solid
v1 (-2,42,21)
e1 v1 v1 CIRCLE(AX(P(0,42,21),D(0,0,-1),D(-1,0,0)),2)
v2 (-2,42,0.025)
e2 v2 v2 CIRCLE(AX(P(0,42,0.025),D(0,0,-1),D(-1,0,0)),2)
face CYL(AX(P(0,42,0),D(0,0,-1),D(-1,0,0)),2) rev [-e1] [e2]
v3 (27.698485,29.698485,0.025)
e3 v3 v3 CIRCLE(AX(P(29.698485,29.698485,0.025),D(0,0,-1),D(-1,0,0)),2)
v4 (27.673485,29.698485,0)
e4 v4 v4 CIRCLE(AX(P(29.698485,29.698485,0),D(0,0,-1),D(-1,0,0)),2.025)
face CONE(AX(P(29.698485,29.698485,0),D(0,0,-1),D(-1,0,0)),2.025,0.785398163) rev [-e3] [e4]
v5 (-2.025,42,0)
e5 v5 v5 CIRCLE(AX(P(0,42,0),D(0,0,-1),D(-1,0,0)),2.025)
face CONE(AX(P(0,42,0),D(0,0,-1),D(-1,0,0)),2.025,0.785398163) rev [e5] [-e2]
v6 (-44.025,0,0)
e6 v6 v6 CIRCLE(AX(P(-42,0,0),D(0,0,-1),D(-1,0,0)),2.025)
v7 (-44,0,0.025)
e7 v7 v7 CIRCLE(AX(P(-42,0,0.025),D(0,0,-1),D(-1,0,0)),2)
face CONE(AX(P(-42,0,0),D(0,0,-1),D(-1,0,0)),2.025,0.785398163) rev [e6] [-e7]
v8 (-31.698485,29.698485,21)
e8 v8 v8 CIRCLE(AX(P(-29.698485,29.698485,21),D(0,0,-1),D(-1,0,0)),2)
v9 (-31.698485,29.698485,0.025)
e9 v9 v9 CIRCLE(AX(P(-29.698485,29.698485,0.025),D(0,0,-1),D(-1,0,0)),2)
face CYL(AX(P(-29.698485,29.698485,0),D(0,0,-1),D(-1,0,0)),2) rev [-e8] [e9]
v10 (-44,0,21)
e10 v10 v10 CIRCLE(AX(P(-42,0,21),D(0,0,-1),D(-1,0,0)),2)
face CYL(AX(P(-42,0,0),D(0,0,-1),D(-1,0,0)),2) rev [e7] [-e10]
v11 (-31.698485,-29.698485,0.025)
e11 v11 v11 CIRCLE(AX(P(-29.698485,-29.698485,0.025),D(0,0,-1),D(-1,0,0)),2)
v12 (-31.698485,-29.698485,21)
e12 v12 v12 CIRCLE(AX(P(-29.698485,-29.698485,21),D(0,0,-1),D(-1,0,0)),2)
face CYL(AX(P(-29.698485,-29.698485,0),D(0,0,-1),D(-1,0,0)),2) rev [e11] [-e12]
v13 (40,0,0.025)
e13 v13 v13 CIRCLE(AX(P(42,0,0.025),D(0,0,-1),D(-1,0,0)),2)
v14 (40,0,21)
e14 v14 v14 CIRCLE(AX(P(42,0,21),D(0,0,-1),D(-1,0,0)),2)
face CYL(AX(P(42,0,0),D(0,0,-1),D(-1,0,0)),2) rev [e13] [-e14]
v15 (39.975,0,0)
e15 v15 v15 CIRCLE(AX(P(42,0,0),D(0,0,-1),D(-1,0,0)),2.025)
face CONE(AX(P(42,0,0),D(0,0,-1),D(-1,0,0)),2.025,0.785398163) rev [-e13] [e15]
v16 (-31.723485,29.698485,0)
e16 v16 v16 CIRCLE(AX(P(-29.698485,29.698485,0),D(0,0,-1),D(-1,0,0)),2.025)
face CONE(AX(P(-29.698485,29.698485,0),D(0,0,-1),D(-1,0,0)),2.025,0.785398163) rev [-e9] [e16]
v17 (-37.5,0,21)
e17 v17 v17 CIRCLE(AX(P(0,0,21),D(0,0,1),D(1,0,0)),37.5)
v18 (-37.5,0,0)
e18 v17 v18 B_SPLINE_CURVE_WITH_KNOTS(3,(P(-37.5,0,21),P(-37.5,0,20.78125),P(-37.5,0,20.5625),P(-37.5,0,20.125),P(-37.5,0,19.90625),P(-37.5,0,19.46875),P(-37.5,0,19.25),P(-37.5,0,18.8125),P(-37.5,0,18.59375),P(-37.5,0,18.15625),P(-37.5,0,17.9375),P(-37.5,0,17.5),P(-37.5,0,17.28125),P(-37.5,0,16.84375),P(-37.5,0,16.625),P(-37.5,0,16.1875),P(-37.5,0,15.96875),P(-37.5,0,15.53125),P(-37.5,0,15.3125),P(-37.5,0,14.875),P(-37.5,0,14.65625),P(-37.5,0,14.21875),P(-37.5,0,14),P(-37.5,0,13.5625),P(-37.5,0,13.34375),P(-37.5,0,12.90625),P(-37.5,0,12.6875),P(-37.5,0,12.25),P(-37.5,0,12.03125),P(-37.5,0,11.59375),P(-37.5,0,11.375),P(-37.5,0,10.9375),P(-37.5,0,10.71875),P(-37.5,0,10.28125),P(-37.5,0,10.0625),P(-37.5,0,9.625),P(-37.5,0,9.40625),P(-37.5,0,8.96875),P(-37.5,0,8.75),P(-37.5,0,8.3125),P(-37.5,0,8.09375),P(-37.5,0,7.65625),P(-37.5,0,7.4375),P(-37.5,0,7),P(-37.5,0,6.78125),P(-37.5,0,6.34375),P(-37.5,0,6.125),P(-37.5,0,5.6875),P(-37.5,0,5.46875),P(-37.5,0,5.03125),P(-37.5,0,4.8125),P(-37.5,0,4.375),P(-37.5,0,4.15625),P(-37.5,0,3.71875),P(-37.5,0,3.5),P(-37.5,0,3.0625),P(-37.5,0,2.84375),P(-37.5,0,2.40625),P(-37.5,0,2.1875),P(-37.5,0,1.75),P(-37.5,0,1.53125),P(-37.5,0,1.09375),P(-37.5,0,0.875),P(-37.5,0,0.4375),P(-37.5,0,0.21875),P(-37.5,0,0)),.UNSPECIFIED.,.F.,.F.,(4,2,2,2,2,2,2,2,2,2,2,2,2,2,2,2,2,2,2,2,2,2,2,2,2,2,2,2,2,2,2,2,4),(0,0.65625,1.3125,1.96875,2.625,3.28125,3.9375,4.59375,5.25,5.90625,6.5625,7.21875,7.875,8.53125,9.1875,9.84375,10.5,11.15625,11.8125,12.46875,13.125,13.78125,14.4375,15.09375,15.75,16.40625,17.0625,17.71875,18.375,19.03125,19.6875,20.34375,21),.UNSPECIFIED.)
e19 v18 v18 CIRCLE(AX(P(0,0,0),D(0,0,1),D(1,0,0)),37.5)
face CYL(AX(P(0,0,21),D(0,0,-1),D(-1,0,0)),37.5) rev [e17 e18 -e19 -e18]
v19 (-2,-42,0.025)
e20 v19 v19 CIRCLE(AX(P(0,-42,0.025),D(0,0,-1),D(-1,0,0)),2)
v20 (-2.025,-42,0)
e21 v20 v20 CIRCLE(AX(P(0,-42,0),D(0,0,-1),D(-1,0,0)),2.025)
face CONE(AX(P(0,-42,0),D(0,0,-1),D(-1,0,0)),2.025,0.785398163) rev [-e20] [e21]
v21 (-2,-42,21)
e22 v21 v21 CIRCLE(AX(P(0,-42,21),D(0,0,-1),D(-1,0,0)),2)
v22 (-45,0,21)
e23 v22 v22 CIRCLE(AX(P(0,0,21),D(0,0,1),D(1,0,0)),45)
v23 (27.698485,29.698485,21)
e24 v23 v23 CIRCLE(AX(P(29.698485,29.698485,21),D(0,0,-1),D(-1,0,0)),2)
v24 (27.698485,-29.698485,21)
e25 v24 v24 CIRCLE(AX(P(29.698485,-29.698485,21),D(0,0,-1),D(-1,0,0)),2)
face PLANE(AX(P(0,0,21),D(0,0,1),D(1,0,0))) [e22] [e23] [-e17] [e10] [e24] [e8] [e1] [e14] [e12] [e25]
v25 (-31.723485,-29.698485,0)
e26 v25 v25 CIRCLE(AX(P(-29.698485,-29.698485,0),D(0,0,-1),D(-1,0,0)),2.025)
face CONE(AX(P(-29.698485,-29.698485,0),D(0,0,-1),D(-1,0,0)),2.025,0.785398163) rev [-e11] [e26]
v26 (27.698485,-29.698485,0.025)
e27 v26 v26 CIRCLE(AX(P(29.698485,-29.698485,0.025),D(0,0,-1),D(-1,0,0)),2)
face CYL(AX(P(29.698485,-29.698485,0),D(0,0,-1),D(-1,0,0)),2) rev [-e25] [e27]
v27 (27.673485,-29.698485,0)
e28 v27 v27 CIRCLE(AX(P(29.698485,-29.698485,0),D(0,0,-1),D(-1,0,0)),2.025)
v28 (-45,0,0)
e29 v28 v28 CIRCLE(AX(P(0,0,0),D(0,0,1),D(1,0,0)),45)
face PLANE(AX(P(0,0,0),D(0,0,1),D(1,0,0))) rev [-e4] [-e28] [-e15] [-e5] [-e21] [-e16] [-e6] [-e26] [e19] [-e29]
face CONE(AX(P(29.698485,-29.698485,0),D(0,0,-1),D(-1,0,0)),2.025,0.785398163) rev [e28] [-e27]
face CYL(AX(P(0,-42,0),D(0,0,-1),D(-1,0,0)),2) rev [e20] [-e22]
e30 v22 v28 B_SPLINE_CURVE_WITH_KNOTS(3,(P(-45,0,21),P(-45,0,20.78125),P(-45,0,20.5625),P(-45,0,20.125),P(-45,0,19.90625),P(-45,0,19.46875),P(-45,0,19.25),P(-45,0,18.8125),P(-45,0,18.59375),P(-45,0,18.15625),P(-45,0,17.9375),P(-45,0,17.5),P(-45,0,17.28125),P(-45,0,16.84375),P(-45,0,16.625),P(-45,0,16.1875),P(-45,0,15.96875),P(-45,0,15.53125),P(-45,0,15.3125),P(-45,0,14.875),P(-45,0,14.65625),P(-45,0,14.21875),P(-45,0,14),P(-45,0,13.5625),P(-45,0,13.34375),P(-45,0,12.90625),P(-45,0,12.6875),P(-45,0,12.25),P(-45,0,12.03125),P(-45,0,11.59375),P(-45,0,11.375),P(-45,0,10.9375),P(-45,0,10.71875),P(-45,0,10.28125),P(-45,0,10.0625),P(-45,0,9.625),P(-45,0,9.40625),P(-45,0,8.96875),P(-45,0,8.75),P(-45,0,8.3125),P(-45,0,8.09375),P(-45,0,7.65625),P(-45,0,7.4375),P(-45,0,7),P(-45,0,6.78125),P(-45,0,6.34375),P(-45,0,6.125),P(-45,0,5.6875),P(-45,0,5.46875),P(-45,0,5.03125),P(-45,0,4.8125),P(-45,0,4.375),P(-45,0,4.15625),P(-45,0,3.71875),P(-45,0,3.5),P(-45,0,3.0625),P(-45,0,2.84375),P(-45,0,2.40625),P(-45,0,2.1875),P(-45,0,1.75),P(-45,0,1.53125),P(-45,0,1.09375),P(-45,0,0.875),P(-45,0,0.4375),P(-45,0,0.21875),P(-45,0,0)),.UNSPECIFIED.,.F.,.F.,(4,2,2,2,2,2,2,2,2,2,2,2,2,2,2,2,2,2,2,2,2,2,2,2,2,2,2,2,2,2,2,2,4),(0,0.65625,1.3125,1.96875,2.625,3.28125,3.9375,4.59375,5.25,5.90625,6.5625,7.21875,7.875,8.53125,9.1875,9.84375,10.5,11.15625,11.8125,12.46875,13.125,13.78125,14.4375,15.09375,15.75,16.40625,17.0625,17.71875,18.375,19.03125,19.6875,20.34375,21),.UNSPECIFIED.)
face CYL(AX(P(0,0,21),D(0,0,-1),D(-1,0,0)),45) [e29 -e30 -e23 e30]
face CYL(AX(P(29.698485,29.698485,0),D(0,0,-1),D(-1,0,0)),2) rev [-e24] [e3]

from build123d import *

# Parameters (mm, degrees)
SKETCH1_R                       = 45
SKETCH1_R_2                     = 37.5
BOSS_EXTRUDE1_DEPTH             = 21
F_4_0MM_DOWEL_HOLE1_D           = 4
F_4_0MM_DOWEL_HOLE1_CSINK_D     = 4.05
F_4_0MM_DOWEL_HOLE1_CSINK_ANGLE = 90


with BuildPart() as part:
    # Sketch1 → Boss-Extrude1 (new body)
    with BuildSketch(Plane.XY):
        with Locations(Location((0, 0, 0), (0, 0, 180))):
            Circle(SKETCH1_R)
        with Locations(Location((0, 0, 0), (0, 0, 180))):
            Circle(SKETCH1_R_2, mode=Mode.SUBTRACT)
    extrude(amount=BOSS_EXTRUDE1_DEPTH)

    # Ø4.0mm Dowel Hole1 (through all)
    with Locations(Plane(origin=(0, 0, 0), x_dir=(-1, 0, 0), z_dir=(0, 0, -1))):
        with Locations((29.69848481, 29.69848481), (0, 42), (-29.69848481, 29.69848481), (-42, 0), (-29.69848481, -29.69848481), (0, -42), (29.69848481, -29.69848481), (42, 0)):
            CounterSinkHole(F_4_0MM_DOWEL_HOLE1_D / 2, F_4_0MM_DOWEL_HOLE1_CSINK_D / 2, counter_sink_angle=F_4_0MM_DOWEL_HOLE1_CSINK_ANGLE)


solid = part.part
